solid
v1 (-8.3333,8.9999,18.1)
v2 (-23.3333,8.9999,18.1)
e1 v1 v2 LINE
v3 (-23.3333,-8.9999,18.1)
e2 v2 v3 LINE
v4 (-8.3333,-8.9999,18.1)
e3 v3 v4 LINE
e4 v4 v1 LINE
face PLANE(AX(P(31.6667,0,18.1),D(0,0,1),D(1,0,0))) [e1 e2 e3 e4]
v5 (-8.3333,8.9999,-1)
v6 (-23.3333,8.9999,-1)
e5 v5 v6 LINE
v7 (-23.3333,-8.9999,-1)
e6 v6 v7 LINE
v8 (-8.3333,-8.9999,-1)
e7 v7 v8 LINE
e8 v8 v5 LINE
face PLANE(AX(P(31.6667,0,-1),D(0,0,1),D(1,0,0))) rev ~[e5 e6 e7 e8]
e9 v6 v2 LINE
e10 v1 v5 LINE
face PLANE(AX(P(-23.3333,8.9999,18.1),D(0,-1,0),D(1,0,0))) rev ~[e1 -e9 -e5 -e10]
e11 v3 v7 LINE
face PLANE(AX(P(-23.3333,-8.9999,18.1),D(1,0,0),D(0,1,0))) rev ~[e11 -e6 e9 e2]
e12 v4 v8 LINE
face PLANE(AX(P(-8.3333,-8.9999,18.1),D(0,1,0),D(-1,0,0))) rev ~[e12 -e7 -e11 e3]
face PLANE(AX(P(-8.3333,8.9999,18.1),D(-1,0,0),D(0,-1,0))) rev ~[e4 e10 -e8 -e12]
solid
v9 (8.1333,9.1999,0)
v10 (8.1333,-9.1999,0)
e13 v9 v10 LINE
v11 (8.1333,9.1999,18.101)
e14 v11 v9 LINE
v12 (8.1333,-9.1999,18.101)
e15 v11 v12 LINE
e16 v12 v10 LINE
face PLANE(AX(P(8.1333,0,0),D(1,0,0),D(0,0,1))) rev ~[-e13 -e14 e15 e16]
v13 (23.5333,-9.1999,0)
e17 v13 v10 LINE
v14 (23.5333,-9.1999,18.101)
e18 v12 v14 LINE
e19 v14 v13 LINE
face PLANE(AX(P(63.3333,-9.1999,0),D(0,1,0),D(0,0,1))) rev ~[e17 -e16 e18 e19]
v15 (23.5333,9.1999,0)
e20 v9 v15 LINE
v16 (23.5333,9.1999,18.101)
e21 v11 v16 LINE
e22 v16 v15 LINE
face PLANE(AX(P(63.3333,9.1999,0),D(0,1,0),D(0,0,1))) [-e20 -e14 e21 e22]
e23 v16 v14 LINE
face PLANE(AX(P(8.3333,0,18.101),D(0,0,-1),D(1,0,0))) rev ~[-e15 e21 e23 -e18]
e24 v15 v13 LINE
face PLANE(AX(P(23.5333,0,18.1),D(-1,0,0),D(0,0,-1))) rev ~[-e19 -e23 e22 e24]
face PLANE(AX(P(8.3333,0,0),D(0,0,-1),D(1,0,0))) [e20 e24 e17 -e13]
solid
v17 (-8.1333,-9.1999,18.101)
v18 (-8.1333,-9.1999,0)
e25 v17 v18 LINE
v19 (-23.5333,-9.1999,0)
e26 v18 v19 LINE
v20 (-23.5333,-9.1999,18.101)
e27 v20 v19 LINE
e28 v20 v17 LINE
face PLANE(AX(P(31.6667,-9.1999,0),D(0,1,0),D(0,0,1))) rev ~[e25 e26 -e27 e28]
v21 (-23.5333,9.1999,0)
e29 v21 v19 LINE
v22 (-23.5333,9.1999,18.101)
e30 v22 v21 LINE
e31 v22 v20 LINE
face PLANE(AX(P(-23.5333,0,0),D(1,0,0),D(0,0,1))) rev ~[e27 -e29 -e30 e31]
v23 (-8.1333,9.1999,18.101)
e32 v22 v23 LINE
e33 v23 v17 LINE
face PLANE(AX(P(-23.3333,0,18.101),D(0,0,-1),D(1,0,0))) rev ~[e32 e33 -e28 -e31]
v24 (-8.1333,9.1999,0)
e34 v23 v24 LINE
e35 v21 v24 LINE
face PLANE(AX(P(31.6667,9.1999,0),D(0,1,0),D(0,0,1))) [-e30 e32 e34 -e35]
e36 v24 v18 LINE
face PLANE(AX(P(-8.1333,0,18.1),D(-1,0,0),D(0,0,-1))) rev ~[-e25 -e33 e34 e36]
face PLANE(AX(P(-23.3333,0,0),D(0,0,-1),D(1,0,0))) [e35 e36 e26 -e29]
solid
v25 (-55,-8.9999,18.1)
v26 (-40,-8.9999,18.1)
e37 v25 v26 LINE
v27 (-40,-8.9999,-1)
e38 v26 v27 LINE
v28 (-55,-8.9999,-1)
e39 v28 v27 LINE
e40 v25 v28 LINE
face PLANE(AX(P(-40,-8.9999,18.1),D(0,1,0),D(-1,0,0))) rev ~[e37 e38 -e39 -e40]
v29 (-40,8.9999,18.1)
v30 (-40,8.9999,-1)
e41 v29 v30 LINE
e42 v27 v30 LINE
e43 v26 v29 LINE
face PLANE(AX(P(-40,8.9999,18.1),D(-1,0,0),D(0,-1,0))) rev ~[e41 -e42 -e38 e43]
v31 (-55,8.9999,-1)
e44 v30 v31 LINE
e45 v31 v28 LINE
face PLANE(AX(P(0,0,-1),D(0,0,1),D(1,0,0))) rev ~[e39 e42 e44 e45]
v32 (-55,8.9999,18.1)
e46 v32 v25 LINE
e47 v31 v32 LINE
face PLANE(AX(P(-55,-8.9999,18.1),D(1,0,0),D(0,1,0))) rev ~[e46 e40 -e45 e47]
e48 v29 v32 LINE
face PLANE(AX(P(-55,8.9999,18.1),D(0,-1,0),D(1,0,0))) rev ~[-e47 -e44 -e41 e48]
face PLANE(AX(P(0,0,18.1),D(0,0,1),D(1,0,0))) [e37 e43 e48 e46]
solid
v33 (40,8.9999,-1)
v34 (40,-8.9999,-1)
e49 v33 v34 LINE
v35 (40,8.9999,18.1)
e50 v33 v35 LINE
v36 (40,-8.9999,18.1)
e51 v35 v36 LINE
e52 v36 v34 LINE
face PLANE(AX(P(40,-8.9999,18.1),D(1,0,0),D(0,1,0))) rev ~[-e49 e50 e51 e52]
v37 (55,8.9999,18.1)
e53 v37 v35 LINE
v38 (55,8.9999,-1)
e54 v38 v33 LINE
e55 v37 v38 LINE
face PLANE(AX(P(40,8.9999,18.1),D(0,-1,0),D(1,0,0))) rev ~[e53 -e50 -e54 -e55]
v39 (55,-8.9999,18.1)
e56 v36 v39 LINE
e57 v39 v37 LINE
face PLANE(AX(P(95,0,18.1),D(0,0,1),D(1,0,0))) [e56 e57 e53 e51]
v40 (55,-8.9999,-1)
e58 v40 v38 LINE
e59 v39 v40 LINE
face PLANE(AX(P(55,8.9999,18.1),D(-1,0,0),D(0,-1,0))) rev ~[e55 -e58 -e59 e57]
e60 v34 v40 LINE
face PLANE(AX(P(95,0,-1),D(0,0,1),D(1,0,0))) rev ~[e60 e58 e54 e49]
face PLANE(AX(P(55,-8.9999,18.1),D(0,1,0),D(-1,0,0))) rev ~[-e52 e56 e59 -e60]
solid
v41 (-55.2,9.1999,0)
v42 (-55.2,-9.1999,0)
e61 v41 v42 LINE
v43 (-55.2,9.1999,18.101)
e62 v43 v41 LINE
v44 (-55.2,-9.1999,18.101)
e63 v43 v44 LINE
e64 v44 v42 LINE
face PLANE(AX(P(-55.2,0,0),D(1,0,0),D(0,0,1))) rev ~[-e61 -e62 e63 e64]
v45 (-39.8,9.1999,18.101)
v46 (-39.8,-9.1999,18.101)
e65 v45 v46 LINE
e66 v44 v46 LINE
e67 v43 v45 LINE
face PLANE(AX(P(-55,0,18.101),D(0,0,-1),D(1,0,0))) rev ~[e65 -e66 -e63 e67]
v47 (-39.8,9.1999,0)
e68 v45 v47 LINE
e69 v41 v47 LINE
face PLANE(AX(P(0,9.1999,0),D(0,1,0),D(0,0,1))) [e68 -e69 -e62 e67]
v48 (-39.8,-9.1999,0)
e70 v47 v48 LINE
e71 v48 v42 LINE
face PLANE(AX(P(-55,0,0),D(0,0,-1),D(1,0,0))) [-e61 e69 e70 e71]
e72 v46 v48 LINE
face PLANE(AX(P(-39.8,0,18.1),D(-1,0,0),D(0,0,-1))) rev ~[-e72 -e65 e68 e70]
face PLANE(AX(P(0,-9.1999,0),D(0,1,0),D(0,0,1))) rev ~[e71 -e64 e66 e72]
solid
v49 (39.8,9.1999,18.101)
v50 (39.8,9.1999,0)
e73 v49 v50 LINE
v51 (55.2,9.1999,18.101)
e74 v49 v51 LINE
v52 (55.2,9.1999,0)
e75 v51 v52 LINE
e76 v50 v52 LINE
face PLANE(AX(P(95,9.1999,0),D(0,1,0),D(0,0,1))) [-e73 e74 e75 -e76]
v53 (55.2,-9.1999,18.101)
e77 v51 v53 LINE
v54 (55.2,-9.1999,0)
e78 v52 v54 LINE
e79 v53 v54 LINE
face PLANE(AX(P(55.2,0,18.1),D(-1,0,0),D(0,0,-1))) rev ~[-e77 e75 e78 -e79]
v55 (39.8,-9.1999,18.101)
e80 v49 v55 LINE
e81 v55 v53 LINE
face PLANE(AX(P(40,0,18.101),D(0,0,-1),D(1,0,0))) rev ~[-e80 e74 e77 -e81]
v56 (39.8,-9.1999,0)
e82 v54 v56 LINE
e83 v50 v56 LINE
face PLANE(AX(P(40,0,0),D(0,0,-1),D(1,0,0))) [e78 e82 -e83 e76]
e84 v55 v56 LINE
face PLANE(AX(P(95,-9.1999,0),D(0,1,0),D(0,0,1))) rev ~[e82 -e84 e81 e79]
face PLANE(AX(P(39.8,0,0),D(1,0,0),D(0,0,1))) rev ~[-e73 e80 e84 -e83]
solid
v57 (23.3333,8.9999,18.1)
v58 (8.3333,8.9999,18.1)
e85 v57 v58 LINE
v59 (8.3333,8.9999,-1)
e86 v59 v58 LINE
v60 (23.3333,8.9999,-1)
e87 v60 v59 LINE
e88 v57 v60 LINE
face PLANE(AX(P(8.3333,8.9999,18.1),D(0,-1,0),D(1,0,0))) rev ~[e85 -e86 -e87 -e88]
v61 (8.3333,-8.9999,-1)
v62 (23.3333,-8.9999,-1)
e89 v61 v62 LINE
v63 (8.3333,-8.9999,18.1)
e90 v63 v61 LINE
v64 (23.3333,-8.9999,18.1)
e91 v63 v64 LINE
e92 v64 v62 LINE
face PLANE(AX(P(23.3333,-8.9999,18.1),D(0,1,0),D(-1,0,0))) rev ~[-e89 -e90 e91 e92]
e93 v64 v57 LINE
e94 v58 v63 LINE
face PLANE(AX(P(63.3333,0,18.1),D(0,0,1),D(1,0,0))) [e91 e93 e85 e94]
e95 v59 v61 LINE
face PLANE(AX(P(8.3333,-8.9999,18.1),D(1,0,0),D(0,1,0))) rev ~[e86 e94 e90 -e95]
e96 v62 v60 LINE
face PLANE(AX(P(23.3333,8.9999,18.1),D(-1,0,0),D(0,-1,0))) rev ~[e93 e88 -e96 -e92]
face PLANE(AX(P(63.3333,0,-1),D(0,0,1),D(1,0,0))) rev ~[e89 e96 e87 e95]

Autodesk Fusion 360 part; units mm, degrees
sketch "Contact Patch" plane through (0, 0, 0) normal (0, 0, 1) x (1, 0, 0)
  line L0 (75, 9) -> (-75, 9)
  line L1 (-75, 9) -> (-75, -9)
  line L2 (-75, -9) -> (75, -9)
  line L3 (75, -9) -> (75, 9)
  line L4 (75, 9) -> (-75, -9) construction
  line L5 (-75, 9) -> (75, -9) construction
  dimension "d5" = 18
  dimension "d6" = 150
ref_plane "WorkPlane1" through (0, 0, 18.1) normal (0, 0, 1) x (1, 0, 0)
sketch "Sketch2" plane through (0, 0, 18.1) normal (0, 0, 1) x (1, 0, 0)
  line L0 (-55, 8.9999) -> (-40, 8.9999)
  line L1 (-40, 8.9999) -> (-40, -8.9999)
  line L2 (-40, -8.9999) -> (-55, -8.9999)
  line L3 (-55, -8.9999) -> (-55, 8.9999)
  line L4 (-75, 9) -> (-75, -9)
  line L5 (75, 9) -> (-75, 9)
  line L6 (-75, -9) -> (75, -9)
  dimension "d45" = 20
  dimension "d46" = 15
  dimension "d47" = 0.0001
  dimension "d48" = 0.0001
extrude "Extrude1" add sketch "Sketch2" against normal up to surface (18.1 mm away) contours L0 L1 L2 L3 L5 L6 makes body 1
move_face "OffsetFaces1" offset 1 1 faces at (-50, 3, 0) on bodies 1
ref_plane "WorkPlane2" through (0, -9, 0) normal (0, 1, 0) x (0, 0, 1)
sketch "Sketch3" plane through (0, 0, 0) normal (0, 1, 0) x (0, 0, 1)
  line L0 (-1, -40) -> (-1, -55)
  line L1 (-1, -55) -> (18.1, -55)
  line L2 (18.1, -55) -> (18.1, -40)
  line L3 (18.1, -40) -> (-1, -40)
  line L4 (0, -55) -> (0, -40)
extrude "Extrude2" add sketch "Sketch3" along normal blind 8.9999 and the other way blind 8.9999 separate body contours L1 L2 L3 L4 makes body 2
move_face "OffsetFaces3" offset 0.001 1 faces at (-50, -3, 18.1) on bodies 2
move_face "OffsetFaces4" offset 0.2 4 faces at (-55, 3, 6.0337) (-45, 8.9999, 6.0337) (-40, 3, 12.0673) (-45, -8.9999, 6.0337) on bodies 2
copy_body "CutPasteBodies1" bodies 1 2 removing the originals makes body 3 makes body 4 in component "Joint"
pattern_linear "00000000-0000-0000-0000-000000000000" [suppressed]
component "Joint" placed x (1, 0, 0) y (0, 1, 0) z (0, 0, 1) at (0, 0, 0)
component "Joint" placed x (1, 0, 0) y (0, 1, 0) z (0, 0, 1) at (31.6667, 0, 0)
component "Joint" placed x (1, 0, 0) y (0, 1, 0) z (0, 0, 1) at (63.3333, 0, 0)
component "Joint" placed x (1, 0, 0) y (0, 1, 0) z (0, 0, 1) at (95, 0, 0)
equation "Length = 150 mm"
equation "Width = 18 mm"
equation "d5 = Width"
equation "d6 = Length"
equation "Nestled_T = 18 mm"
equation "Tenon_Height = Nestled_T + 0.1 mm" comment "Board Height plus clearance"
equation "d9 = Tenon_Height"
equation "SideOffset1 = 0.0001 mm"
equation "SideOffset2 = 0.0001 mm"
equation "UserOffset1 = 20 mm"
equation "Tenon_Length = 15 mm"
equation "UserOffset2 = 20 mm"
equation "Offset1 = UserOffset1"
equation "Offset2 = UserOffset2"
equation "Tenon_QTY = 4"
equation "Spacing_Length = Length - Offset1 - Offset2 - Tenon_Length"
equation "d30 = -Width / 2"
equation "Mortise_width1 = ( Width / 2 ) - SideOffset1"
equation "Mortise_width2 = ( Width / 2 ) - SideOffset2"
equation "d33 = Mortise_width1"
equation "d35 = Mortise_width2"
equation "Clearance = 0.2 mm"
equation "d40 = Clearance"
equation "d45 = Offset1"
equation "d46 = Tenon_Length"
equation "d47 = SideOffset1"
equation "d48 = SideOffset2"
equation "d49 = Tenon_QTY"
equation "d51 = Spacing_Length"
